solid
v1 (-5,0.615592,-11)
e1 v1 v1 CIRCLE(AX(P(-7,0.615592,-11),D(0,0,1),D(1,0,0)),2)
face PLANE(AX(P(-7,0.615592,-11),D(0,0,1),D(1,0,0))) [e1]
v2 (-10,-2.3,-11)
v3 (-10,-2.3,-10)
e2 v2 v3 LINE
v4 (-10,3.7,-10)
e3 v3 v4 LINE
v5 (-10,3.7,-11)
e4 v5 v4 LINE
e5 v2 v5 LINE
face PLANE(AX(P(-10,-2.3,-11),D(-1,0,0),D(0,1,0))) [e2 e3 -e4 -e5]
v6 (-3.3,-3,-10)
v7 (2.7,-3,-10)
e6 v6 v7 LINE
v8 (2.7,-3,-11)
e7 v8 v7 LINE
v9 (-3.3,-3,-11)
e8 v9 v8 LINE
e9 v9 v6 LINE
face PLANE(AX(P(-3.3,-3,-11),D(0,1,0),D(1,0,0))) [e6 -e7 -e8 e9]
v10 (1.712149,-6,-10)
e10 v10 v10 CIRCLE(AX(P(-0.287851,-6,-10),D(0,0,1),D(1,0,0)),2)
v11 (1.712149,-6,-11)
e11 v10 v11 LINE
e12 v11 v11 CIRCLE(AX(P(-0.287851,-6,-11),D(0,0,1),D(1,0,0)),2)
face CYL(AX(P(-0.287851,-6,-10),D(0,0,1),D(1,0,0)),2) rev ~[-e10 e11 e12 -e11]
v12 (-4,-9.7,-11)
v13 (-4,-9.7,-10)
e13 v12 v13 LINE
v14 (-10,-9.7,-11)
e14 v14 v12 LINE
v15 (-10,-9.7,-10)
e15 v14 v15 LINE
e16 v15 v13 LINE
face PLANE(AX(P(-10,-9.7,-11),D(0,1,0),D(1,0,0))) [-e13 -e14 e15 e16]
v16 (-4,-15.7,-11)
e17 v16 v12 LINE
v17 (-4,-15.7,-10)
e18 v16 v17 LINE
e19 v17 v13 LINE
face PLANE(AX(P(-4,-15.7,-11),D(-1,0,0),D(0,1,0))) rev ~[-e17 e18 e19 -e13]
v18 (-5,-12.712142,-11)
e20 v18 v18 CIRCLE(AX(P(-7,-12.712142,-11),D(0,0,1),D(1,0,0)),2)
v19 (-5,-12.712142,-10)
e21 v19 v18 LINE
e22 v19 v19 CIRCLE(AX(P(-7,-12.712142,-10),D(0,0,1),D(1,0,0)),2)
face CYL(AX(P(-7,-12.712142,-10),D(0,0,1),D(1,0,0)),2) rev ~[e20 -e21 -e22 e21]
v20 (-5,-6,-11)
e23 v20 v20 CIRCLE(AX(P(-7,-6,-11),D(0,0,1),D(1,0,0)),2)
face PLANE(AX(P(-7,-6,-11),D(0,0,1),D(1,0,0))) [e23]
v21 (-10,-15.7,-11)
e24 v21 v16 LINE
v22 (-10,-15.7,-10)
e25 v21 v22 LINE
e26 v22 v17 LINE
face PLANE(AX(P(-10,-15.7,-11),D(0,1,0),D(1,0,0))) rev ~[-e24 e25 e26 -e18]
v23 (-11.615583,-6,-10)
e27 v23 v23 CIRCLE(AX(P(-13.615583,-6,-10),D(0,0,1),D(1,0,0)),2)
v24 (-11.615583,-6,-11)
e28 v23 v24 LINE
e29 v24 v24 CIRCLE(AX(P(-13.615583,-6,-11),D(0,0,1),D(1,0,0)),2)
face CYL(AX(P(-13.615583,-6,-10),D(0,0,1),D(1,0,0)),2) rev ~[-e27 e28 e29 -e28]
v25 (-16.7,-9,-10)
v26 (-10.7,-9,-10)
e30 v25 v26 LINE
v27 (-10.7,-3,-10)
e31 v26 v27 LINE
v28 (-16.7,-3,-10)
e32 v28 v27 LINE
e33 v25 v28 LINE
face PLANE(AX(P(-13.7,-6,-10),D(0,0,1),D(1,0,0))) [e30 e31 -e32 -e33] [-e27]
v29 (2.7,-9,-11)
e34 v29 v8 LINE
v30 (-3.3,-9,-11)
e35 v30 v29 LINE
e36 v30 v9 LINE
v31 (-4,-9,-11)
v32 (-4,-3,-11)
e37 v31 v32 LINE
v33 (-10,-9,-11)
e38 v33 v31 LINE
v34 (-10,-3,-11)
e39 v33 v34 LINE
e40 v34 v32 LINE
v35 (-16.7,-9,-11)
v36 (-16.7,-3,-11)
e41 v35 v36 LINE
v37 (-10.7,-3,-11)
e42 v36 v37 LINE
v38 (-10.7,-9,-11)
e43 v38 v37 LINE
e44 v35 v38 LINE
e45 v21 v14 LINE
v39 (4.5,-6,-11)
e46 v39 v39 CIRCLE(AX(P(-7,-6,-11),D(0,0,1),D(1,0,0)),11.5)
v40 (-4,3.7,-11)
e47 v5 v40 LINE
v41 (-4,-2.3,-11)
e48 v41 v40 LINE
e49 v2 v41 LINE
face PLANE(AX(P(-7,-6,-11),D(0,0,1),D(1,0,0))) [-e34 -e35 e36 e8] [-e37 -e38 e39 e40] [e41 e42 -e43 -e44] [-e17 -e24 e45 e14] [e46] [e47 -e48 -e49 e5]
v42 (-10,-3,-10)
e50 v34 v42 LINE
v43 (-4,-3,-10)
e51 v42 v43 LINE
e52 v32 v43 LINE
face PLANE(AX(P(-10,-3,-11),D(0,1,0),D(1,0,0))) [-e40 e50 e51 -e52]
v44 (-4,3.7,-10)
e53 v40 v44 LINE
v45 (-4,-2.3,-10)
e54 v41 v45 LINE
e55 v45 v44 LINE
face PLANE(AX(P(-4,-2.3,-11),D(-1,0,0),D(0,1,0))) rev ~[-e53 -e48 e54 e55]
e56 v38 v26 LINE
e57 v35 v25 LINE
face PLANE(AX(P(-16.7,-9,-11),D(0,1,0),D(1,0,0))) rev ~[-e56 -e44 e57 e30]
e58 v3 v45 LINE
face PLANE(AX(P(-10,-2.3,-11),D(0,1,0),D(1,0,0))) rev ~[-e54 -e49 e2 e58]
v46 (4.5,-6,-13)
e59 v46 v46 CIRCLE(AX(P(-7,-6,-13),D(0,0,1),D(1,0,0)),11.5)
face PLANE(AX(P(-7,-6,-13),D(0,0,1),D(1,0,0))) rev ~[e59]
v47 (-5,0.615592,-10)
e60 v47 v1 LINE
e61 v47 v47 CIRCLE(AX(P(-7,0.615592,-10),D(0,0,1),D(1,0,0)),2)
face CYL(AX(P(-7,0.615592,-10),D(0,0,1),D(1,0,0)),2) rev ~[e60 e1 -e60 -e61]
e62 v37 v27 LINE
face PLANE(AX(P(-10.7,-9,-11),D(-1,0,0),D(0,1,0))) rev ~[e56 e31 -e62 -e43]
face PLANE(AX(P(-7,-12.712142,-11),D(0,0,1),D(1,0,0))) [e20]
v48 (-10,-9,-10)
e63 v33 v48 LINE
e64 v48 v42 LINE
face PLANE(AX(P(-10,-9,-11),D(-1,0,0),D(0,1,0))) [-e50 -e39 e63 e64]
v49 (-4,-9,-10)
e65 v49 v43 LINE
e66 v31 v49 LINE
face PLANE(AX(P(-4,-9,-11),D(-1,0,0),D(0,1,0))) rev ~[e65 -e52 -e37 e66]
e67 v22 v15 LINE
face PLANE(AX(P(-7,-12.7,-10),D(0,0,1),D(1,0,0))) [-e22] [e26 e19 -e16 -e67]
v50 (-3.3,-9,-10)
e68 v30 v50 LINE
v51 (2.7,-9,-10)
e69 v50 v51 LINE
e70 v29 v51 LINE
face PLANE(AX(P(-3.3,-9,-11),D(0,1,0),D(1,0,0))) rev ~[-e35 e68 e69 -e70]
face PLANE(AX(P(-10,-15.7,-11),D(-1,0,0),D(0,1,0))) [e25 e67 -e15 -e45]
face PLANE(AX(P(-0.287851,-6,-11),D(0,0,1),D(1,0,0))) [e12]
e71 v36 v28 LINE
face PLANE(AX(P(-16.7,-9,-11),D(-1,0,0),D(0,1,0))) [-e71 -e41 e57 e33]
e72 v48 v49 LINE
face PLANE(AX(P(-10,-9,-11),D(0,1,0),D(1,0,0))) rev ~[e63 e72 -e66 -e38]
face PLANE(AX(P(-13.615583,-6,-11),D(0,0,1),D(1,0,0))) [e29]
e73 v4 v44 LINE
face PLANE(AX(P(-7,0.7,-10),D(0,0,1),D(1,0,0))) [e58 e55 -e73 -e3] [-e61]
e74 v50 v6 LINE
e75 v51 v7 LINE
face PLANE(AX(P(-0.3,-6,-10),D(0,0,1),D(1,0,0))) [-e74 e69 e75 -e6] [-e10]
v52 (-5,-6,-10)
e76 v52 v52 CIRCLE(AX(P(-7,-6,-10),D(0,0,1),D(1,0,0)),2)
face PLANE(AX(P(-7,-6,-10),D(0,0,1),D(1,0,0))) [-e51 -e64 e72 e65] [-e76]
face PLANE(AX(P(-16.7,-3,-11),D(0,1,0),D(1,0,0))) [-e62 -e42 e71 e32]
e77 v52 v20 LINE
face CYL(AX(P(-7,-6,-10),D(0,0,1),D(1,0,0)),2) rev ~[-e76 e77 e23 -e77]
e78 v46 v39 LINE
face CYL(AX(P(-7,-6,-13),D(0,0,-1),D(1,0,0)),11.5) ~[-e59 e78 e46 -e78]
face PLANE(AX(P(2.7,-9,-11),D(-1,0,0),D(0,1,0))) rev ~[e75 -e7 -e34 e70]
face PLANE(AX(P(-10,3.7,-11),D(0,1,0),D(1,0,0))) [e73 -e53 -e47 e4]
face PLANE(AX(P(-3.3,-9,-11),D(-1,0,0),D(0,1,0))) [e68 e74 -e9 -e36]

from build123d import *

# Parameters (mm, degrees)
CYLINDER_R      = 11.5
CYLINDER_DEPTH  = 2
SKETCH002_W     = 6
SKETCH002_H     = 6
PAD001_DEPTH    = 1
SKETCH003_R     = 2
POCKET001_DEPTH = 1
SKETCH004_W     = 6
SKETCH004_H     = 6
PAD002_DEPTH    = 1
SKETCH005_R     = 2
POCKET002_DEPTH = 1


with BuildPart() as part:
    # Cylinder → Cylinder (new body)
    with BuildSketch(Plane.XY):
        Circle(CYLINDER_R)
    extrude(amount=CYLINDER_DEPTH)

    # Sketch002 → Pad001 (new body)
    with BuildSketch(Plane.XY.offset(2)):
        Rectangle(SKETCH002_W, SKETCH002_H)
    extrude(amount=PAD001_DEPTH)

    # Sketch003 → Pocket001 (cut)
    with BuildSketch(Plane.XY.offset(3)):
        Circle(SKETCH003_R)
    extrude(amount=-POCKET001_DEPTH, mode=Mode.SUBTRACT)

    # Sketch004 → Pad002 (new body)
    with BuildSketch(Plane.XY.offset(2)):
        with Locations((0, 6.7)):
            Rectangle(SKETCH004_W, SKETCH004_H)
        with Locations((-6.7, 0)):
            Rectangle(SKETCH004_W, SKETCH004_H)
        with Locations((0, -6.7)):
            Rectangle(SKETCH004_W, SKETCH004_H)
        with Locations((6.7, 0)):
            Rectangle(SKETCH004_W, SKETCH004_H)
    extrude(amount=PAD002_DEPTH)

    # Sketch005 → Pocket002 (cut)
    with BuildSketch(Plane.XY.offset(3)):
        with Locations((0, 6.615592)):
            Circle(SKETCH005_R)
        with Locations((-6.615583, 0)):
            Circle(SKETCH005_R)
        with Locations((6.712149, 0)):
            Circle(SKETCH005_R)
        with Locations((0, -6.712142)):
            Circle(SKETCH005_R)
    extrude(amount=-POCKET002_DEPTH, mode=Mode.SUBTRACT)


with BuildPart() as part_1:
    # Clone001 placement: moved
    add(part.part.moved(Location((-7, -6, -13))))


solid = part_1.part
